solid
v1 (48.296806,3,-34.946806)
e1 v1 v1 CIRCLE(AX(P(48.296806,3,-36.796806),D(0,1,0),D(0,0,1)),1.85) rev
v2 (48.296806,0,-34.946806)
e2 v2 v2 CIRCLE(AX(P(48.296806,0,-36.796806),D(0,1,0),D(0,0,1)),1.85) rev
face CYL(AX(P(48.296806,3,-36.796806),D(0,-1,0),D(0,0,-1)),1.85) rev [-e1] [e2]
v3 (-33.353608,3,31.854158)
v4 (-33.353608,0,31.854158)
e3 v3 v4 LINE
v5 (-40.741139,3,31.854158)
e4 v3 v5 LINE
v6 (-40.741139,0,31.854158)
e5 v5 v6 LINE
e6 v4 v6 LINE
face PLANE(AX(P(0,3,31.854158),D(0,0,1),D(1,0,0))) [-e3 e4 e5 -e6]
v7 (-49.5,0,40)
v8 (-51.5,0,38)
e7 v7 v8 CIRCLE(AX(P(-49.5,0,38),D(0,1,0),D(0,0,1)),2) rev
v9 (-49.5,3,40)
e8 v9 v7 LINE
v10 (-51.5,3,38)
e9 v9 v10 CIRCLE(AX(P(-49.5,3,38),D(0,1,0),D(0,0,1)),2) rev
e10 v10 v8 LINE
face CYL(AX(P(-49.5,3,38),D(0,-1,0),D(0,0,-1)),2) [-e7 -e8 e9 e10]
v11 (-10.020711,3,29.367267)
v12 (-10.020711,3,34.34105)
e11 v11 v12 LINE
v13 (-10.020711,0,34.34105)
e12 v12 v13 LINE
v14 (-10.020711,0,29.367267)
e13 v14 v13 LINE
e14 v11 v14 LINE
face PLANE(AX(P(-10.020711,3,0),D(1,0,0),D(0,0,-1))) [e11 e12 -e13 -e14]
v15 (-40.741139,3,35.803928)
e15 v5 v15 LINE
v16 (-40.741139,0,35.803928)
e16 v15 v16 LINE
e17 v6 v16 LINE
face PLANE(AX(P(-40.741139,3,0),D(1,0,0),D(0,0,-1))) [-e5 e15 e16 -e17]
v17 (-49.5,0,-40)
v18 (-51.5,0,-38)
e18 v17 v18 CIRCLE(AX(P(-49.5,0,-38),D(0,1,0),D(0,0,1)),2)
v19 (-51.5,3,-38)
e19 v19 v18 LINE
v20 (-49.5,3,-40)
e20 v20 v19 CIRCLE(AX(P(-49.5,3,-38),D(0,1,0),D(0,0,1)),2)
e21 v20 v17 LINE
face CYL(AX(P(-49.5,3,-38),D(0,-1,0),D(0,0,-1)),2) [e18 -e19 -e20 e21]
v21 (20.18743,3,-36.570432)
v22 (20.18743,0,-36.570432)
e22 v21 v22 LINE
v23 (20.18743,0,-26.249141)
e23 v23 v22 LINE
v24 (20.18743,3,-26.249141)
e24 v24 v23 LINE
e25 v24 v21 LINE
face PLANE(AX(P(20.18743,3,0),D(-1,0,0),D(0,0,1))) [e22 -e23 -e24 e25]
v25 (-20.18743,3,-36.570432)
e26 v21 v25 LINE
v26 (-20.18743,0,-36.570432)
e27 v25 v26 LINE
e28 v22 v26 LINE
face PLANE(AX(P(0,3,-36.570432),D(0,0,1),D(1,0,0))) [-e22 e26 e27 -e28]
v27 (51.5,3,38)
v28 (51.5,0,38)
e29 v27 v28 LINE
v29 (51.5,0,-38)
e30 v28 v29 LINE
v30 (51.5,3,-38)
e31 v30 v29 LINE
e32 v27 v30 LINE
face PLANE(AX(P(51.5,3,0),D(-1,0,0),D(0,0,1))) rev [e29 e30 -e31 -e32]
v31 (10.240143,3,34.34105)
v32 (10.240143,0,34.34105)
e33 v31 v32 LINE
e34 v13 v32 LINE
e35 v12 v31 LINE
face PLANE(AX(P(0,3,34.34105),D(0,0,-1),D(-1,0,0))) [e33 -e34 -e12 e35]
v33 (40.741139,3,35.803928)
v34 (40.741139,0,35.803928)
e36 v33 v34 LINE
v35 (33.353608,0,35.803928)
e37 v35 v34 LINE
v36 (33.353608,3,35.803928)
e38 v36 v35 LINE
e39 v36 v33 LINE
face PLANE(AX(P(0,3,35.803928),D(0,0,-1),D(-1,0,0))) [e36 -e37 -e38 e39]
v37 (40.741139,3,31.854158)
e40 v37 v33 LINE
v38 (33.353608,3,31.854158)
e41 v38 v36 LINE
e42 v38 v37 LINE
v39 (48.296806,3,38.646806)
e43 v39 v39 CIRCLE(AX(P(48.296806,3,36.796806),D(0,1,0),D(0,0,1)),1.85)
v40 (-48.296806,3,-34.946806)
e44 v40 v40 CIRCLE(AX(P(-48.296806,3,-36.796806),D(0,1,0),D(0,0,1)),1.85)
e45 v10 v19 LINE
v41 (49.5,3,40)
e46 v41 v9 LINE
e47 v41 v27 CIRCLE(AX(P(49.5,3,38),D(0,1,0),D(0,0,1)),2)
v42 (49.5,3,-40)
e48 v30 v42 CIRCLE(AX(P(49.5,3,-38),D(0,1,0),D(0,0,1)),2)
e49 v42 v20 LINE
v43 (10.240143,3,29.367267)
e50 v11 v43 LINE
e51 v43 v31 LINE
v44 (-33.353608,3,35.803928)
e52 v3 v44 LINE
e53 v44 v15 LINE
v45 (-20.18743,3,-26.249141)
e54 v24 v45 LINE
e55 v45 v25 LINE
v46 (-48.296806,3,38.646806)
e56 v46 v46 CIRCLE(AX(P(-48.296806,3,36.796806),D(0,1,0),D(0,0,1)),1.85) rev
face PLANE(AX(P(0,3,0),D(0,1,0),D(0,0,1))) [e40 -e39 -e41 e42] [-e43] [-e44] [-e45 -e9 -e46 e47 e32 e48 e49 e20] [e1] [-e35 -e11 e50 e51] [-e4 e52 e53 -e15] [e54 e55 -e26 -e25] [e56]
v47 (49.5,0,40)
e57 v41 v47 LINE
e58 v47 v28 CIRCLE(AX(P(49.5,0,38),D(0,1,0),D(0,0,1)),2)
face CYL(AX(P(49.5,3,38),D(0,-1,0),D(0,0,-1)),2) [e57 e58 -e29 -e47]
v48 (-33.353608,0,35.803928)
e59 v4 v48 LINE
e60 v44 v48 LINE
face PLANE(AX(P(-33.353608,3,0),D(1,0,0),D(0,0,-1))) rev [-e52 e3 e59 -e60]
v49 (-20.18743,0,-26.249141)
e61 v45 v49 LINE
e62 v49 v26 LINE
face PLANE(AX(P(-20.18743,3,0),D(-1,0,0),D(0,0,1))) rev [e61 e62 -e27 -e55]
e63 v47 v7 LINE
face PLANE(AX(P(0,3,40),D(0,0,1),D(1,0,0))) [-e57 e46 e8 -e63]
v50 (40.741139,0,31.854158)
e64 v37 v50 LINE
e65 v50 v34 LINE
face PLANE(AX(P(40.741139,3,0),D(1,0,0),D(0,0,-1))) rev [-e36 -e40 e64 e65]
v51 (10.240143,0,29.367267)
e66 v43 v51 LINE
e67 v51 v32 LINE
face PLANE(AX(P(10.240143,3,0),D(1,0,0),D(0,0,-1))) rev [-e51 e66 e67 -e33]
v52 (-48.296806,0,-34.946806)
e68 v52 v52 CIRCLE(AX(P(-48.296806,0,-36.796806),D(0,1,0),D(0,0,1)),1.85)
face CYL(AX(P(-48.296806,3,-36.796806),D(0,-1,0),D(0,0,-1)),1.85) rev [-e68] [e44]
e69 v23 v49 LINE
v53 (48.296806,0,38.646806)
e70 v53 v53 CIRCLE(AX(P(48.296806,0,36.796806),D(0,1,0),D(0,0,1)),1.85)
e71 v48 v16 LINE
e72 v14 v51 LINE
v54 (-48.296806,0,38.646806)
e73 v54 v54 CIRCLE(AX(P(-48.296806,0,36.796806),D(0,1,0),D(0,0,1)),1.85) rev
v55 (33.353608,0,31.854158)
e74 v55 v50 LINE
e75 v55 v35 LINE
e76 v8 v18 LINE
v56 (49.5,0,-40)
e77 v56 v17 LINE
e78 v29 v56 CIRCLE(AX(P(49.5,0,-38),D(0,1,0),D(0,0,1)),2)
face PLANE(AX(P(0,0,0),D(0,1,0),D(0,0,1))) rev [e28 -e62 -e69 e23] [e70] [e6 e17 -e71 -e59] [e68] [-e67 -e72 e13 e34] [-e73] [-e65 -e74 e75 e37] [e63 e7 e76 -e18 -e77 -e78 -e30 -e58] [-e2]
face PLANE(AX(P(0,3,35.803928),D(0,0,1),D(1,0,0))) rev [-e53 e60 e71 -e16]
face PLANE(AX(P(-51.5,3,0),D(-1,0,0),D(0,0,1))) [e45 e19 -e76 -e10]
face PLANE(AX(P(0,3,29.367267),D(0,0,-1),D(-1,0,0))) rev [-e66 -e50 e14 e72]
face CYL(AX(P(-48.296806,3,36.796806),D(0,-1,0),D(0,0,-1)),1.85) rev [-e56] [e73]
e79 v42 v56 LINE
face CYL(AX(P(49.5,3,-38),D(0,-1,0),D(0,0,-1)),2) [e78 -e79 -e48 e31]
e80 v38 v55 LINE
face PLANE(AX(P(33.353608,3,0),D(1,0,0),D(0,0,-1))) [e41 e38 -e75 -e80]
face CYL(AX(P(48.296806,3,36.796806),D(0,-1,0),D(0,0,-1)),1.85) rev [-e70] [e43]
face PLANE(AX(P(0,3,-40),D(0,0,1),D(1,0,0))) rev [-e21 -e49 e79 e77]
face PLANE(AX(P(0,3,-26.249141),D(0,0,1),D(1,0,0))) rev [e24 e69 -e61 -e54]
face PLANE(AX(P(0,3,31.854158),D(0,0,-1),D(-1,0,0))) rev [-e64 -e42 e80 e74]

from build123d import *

# Parameters (mm, degrees)
SKETCH_1_R      = 1.85
SKETCH_1_W      = 40.374860346
SKETCH_1_H      = 10.321291022
SKETCH_1_W_2    = 7.387531562
SKETCH_1_H_2    = 3.94976935
SKETCH_1_W_3    = 20.26085389
SKETCH_1_H_3    = 4.973783626
EXTRUDE_1_DEPTH = 3


with BuildPart() as part:
    # 草图1 → 凸台-拉伸1 (new body)
    with BuildSketch(Plane(origin=(0, 0, 0), x_dir=(1, 0, 0), z_dir=(0, 1, 0))):
        with BuildLine():
            Line((49.5, -40), (-49.5, -40))
            ThreePointArc((-49.5, -40), (-50.914213562, -39.414213562), (-51.5, -38))
            Line((-51.5, -38), (-51.5, 38))
            ThreePointArc((-51.5, 38), (-50.914213562, 39.414213562), (-49.5, 40))
            Line((-49.5, 40), (49.5, 40))
            ThreePointArc((49.5, 40), (50.914213562, 39.414213562), (51.5, 38))
            Line((51.5, 38), (51.5, -38))
            ThreePointArc((51.5, -38), (50.914213562, -39.414213562), (49.5, -40))
        make_face()
        with Locations(Location((-48.296806281, 36.796806281, 0), (0, 0, 270))):
            Circle(SKETCH_1_R, mode=Mode.SUBTRACT)
        with Locations(Location((48.296806281, 36.796806281, 0), (0, 0, 270))):
            Circle(SKETCH_1_R, mode=Mode.SUBTRACT)
        with Locations(Location((48.296806281, -36.796806281, 0), (0, 0, 270))):
            Circle(SKETCH_1_R, mode=Mode.SUBTRACT)
        with Locations(Location((-48.296806281, -36.796806281, 0), (0, 0, 270))):
            Circle(SKETCH_1_R, mode=Mode.SUBTRACT)
        with Locations((0, 31.409786363)):
            Rectangle(SKETCH_1_W, SKETCH_1_H, mode=Mode.SUBTRACT)
        with Locations((37.047373629, -33.829043047)):
            Rectangle(SKETCH_1_W_2, SKETCH_1_H_2, mode=Mode.SUBTRACT)
        with Locations((0.109715815, -31.854158372)):
            Rectangle(SKETCH_1_W_3, SKETCH_1_H_3, mode=Mode.SUBTRACT)
        with Locations((-37.047373629, -33.829043047)):
            Rectangle(SKETCH_1_W_2, SKETCH_1_H_2, mode=Mode.SUBTRACT)
    extrude(amount=EXTRUDE_1_DEPTH)


solid = part.part
